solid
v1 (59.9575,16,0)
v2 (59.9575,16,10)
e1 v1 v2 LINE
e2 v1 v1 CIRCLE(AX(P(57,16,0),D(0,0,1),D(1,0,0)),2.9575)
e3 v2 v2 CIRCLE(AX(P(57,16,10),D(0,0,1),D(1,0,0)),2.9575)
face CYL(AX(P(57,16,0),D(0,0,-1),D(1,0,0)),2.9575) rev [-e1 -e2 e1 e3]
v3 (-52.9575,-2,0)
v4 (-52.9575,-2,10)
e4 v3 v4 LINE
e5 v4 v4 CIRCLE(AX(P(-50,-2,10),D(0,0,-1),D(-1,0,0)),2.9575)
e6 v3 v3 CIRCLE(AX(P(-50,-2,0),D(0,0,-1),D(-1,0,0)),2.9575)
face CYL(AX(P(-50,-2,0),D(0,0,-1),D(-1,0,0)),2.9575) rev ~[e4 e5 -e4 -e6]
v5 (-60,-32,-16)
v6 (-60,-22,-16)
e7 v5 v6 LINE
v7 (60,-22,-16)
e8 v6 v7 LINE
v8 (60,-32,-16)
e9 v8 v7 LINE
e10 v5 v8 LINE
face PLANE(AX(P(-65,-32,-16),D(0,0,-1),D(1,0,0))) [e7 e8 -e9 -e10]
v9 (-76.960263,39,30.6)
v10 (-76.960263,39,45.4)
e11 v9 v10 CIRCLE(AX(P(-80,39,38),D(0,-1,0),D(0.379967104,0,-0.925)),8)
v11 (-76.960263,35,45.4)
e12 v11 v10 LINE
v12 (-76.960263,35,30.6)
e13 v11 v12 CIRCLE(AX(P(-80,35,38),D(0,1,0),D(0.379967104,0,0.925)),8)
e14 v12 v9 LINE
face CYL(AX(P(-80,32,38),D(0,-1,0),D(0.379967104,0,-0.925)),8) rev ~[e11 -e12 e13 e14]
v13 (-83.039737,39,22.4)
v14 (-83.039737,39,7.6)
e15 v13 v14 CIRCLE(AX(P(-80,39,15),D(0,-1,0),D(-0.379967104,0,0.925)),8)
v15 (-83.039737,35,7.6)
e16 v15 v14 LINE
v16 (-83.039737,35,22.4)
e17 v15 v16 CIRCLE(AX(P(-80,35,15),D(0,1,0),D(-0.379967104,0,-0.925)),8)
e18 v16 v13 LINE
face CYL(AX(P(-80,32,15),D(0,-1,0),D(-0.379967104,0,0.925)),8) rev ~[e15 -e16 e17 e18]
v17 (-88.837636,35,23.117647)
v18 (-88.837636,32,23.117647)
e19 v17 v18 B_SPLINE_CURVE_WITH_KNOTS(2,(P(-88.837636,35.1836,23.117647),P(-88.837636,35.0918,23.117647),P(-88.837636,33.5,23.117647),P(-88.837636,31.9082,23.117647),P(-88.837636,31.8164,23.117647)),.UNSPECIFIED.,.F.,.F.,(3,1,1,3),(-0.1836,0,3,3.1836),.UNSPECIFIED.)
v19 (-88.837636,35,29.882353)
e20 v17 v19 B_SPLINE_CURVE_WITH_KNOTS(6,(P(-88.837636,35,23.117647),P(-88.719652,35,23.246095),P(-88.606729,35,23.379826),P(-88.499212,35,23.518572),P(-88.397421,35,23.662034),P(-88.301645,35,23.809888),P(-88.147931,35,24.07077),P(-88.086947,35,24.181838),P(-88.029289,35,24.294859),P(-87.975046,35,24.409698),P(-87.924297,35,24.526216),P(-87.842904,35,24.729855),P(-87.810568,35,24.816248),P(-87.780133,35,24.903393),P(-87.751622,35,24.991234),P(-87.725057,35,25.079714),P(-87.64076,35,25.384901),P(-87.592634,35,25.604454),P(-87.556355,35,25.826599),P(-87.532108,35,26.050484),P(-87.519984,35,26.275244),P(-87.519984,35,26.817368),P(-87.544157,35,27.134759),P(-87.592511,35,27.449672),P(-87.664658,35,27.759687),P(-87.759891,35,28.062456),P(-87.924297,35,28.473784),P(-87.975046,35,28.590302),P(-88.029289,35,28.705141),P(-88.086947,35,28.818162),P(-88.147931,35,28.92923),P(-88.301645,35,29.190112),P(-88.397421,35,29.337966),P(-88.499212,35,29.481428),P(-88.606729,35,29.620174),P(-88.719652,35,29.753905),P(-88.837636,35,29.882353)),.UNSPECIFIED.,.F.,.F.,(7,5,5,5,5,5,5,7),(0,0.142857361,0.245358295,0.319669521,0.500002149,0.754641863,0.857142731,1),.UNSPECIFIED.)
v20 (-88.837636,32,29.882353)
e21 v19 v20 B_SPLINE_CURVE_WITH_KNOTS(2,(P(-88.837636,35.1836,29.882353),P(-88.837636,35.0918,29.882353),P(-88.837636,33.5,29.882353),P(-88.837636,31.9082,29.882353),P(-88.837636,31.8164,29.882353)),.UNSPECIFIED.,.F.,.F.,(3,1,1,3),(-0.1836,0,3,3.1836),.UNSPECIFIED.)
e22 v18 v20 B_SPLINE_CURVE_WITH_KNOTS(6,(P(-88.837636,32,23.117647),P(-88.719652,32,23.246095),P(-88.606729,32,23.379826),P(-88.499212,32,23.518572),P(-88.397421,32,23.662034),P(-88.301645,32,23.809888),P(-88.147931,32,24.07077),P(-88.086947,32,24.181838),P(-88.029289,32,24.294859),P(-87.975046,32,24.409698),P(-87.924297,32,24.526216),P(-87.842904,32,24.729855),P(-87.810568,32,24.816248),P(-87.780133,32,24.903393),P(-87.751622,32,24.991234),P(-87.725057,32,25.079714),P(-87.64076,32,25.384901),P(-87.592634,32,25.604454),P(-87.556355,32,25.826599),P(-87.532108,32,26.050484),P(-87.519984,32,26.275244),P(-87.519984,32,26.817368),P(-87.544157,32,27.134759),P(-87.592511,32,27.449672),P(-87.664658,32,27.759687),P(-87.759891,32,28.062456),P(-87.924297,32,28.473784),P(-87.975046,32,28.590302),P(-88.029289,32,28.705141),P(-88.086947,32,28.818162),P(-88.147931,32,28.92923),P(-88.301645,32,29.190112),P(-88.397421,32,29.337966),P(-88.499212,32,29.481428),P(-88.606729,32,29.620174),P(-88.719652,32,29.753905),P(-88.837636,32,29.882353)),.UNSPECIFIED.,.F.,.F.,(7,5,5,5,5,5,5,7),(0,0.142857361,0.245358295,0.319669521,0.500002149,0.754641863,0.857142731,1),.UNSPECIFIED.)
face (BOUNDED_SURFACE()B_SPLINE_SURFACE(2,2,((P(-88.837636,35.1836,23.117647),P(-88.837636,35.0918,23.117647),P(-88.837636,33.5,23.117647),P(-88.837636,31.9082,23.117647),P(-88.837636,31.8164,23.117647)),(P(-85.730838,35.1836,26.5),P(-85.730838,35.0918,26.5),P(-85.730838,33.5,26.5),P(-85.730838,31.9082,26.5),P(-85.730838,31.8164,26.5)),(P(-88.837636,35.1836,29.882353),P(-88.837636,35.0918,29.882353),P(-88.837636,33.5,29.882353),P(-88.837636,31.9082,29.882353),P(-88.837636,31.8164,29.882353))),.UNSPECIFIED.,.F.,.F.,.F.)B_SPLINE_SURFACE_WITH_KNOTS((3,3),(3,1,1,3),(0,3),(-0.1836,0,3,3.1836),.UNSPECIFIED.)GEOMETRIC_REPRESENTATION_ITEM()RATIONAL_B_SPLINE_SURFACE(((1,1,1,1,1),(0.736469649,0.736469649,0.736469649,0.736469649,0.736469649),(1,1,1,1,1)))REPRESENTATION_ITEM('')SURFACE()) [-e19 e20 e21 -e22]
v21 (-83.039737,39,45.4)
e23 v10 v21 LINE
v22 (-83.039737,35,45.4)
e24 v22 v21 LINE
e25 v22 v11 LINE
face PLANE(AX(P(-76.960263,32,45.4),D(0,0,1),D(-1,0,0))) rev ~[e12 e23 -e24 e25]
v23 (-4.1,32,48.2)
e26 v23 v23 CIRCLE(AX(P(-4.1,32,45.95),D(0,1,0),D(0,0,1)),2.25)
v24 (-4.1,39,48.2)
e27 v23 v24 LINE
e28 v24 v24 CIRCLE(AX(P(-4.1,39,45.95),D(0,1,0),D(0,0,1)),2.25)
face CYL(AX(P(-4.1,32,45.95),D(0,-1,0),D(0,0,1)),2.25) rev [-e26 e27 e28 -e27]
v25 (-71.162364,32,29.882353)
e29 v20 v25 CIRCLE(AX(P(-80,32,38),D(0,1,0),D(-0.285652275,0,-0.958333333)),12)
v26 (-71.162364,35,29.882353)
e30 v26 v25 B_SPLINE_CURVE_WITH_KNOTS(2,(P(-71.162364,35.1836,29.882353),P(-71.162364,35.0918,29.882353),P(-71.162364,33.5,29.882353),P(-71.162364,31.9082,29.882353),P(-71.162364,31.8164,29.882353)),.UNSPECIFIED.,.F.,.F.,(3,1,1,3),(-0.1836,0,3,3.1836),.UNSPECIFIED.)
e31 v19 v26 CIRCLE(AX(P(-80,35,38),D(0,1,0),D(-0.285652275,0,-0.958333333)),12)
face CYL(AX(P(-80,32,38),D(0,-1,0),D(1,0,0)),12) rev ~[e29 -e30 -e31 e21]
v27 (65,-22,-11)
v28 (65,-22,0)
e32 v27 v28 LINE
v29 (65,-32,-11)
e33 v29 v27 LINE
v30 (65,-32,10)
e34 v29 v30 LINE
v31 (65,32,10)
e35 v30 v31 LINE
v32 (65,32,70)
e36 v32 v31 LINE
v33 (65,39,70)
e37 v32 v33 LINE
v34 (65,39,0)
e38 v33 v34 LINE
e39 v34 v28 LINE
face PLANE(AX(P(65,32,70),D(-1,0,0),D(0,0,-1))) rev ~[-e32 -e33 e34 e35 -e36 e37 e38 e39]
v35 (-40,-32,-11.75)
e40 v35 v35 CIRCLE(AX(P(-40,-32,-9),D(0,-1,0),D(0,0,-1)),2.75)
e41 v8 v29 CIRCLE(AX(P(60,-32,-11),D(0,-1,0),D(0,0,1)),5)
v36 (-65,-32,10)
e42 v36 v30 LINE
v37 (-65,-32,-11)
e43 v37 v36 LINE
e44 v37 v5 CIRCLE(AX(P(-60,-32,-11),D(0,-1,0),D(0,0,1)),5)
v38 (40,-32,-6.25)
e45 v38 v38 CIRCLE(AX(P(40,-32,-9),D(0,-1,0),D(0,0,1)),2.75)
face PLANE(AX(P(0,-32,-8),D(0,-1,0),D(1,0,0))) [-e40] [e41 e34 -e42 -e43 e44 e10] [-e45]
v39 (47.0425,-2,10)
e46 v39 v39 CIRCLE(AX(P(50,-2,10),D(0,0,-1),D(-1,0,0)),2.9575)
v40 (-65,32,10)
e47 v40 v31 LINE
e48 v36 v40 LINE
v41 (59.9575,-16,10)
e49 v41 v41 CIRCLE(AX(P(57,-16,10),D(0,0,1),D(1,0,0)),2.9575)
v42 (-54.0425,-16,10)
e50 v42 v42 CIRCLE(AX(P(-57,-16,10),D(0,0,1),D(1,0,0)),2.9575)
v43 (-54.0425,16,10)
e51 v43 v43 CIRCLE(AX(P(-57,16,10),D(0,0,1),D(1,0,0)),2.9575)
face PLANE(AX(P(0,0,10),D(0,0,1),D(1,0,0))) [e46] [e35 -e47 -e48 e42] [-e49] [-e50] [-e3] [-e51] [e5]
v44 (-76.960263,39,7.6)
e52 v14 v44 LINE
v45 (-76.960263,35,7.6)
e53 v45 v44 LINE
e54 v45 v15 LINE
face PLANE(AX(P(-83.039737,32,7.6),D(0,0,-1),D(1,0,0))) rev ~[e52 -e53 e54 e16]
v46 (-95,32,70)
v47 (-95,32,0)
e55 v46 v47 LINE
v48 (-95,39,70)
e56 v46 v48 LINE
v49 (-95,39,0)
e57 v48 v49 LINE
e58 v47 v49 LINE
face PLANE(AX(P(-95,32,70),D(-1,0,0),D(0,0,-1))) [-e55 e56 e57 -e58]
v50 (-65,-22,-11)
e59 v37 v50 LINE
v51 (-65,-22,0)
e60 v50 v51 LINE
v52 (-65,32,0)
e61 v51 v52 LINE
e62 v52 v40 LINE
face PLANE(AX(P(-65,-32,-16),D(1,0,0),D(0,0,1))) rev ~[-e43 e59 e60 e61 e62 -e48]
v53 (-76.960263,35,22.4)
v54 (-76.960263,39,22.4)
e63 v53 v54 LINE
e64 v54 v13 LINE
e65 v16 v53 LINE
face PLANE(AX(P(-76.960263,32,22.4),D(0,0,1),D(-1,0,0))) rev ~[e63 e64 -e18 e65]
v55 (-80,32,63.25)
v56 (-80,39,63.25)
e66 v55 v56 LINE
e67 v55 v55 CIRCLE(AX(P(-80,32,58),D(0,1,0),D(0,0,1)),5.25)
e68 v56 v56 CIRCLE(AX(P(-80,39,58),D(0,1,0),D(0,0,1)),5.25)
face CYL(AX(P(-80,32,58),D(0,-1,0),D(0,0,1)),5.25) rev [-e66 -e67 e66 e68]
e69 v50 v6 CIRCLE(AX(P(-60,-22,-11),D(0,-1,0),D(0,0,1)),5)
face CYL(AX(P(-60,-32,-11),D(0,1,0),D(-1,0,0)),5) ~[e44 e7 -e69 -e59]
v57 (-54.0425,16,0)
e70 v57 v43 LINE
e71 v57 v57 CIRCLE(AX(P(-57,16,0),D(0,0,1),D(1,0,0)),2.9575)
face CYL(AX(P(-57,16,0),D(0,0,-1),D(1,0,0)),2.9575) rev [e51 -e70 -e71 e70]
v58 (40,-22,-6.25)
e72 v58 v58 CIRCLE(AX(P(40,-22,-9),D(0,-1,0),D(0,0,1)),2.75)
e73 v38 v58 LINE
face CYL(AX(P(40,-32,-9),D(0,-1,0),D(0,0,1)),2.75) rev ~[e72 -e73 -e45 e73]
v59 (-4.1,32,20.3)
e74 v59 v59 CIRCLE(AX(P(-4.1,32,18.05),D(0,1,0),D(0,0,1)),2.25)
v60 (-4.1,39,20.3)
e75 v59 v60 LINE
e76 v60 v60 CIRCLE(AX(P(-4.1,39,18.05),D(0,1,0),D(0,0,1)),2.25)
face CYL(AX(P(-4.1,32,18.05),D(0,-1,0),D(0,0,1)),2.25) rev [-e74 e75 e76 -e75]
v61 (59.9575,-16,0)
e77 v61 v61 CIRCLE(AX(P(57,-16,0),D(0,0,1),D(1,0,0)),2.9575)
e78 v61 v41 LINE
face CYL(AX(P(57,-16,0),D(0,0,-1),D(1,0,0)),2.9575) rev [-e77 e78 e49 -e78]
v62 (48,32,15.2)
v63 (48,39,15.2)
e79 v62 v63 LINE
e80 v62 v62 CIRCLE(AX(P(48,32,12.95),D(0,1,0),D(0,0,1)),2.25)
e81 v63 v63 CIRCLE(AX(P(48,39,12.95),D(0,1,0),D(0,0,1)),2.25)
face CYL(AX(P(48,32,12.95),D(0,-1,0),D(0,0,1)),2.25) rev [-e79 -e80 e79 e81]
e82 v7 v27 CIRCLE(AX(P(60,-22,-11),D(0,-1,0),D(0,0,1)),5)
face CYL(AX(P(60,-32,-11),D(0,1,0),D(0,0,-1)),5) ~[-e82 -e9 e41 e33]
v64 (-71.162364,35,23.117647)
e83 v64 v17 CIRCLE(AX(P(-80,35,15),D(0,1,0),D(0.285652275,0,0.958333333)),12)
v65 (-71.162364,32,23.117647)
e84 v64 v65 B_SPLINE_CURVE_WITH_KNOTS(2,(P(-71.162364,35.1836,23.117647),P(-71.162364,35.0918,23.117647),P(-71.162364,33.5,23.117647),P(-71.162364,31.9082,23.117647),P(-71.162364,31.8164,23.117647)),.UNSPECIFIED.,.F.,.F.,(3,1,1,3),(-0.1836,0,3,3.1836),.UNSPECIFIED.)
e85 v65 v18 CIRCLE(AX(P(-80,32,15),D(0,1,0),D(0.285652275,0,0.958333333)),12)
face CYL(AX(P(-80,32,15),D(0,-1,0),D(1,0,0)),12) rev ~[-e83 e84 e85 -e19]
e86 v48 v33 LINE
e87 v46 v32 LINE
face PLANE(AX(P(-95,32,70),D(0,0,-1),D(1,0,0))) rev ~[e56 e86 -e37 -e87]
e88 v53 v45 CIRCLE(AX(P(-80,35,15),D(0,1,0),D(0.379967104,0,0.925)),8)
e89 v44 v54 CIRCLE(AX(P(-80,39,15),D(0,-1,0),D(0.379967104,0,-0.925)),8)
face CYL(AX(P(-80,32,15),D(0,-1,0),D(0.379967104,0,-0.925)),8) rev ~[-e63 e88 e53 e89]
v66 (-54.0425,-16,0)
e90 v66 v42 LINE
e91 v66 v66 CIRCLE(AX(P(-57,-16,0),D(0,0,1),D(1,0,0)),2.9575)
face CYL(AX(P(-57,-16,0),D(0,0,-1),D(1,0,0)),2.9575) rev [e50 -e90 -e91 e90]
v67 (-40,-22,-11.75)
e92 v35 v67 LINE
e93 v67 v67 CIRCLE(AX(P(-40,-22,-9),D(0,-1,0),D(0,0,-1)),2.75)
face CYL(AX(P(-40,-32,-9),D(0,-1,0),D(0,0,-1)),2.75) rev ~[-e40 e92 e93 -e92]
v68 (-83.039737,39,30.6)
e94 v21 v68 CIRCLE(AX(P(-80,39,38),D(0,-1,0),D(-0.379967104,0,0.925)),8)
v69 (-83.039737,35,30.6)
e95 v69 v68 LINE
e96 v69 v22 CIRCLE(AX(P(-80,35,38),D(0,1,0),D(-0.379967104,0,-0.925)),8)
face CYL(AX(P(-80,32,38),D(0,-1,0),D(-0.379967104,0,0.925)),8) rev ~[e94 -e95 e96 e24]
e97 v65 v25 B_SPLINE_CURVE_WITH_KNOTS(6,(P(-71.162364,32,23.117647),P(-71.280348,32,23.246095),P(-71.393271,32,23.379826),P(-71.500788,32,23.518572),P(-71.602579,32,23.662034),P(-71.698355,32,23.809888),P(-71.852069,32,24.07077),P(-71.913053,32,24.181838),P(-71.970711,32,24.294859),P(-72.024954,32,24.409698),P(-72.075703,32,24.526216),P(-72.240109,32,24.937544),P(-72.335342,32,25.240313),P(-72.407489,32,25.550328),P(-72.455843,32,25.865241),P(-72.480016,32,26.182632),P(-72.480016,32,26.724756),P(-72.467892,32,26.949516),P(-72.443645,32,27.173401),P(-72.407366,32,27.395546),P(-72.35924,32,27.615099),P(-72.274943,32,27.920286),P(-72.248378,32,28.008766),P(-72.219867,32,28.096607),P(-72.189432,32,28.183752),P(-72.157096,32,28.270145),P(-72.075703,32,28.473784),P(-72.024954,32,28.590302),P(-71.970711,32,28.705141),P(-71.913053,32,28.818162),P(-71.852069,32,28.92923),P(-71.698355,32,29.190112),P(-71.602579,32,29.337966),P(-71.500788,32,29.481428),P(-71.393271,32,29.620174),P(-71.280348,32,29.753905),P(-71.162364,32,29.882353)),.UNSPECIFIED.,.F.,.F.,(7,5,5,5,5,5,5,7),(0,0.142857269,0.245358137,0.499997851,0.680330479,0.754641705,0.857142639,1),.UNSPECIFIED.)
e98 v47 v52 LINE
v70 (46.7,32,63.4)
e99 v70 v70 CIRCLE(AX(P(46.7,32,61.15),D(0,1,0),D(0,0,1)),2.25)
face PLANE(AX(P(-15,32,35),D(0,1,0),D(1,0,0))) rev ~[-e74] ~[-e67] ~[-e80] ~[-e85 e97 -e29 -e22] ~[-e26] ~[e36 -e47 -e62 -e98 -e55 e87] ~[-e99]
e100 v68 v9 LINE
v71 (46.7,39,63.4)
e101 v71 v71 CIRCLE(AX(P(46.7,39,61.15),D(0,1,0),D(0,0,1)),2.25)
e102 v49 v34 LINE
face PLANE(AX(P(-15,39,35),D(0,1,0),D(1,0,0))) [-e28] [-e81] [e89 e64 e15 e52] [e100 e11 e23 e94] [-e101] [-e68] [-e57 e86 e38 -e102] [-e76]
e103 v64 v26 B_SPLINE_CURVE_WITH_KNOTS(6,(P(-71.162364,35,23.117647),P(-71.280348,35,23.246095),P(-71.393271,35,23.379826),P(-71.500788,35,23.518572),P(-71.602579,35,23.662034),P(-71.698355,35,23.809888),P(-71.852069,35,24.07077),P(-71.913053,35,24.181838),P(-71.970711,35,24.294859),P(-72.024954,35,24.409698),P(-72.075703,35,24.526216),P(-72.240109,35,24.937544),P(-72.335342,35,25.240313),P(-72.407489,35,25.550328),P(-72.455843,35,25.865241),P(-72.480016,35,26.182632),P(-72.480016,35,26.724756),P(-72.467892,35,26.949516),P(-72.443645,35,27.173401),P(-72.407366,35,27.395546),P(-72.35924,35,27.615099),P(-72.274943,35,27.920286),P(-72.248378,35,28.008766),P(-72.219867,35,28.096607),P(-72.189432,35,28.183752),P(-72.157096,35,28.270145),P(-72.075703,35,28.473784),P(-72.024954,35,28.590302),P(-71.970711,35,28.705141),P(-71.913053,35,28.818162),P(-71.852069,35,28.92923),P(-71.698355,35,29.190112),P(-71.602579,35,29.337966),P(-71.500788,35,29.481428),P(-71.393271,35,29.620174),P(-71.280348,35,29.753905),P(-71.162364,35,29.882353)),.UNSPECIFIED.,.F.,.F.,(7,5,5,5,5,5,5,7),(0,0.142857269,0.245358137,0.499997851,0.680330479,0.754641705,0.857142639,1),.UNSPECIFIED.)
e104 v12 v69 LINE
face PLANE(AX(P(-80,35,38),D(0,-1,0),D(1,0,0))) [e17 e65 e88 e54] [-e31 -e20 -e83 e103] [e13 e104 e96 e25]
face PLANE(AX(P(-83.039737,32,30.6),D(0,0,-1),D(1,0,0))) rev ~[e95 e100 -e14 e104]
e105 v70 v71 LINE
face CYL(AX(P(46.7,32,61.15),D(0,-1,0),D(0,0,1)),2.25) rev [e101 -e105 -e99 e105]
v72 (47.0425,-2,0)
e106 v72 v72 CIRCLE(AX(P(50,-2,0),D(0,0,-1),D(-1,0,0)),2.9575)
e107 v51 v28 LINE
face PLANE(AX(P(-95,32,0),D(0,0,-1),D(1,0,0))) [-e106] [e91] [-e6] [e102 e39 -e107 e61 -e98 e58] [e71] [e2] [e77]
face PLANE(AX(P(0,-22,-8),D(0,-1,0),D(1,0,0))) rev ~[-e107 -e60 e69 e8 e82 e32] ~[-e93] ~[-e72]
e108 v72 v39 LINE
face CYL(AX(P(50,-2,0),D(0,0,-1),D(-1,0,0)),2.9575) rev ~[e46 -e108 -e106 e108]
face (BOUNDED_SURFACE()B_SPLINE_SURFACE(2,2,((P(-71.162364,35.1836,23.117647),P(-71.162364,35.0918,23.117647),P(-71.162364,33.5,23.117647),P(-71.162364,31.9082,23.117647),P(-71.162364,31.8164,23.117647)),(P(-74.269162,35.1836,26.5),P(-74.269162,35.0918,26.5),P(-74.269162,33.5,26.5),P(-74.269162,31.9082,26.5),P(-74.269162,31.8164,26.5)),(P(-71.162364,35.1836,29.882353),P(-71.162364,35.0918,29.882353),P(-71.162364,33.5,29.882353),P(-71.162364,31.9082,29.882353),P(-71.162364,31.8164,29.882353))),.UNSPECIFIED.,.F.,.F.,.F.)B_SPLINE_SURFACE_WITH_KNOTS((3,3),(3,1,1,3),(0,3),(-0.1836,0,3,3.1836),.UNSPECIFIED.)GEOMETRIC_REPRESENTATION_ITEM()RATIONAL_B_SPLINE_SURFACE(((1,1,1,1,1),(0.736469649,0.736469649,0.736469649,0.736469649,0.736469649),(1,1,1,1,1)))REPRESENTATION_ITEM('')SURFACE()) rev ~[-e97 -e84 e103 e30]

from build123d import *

# Parameters (mm, degrees)
SKETCH1_W           = 130
SKETCH1_H           = 64
SKETCH1_R           = 2.9575
BOSS_EXTRUDE1_DEPTH = 10
SKETCH2_W           = 130
SKETCH2_H           = 16
SKETCH2_R           = 2.75
BOSS_EXTRUDE2_DEPTH = 10
SKETCH3_W           = 160
SKETCH3_H           = 70
SKETCH3_R           = 2.25
SKETCH3_R_2         = 5.25
BOSS_EXTRUDE3_DEPTH = 7
SKETCH4_R           = 12
CUT_EXTRUDE1_DEPTH  = 3
FILLET1_R           = 5
CUT_EXTRUDE2_REACH  = 126.282
SKETCH5_R           = 2.9575
FILLET2_R           = 5
FILLET3_R           = 5


with BuildPart() as part:
    # Sketch1 → Boss-Extrude1 (new body)
    with BuildSketch(Plane.XY):
        Rectangle(SKETCH1_W, SKETCH1_H)
        with Locations((57, 16)):
            Circle(SKETCH1_R, mode=Mode.SUBTRACT)
        with Locations((57, -16)):
            Circle(SKETCH1_R, mode=Mode.SUBTRACT)
        with Locations((-57, -16)):
            Circle(SKETCH1_R, mode=Mode.SUBTRACT)
        with Locations((-57, 16)):
            Circle(SKETCH1_R, mode=Mode.SUBTRACT)
    extrude(amount=BOSS_EXTRUDE1_DEPTH)

    # Sketch2 → Boss-Extrude2 (add)
    with BuildSketch(Plane.XZ.offset(32)):
        with Locations((0, -8)):
            Rectangle(SKETCH2_W, SKETCH2_H)
        with Locations(Location((-40, -9, 0), (0, 0, 270))):
            Circle(SKETCH2_R, mode=Mode.SUBTRACT)
        with Locations(Location((40, -9, 0), (0, 0, 90))):
            Circle(SKETCH2_R, mode=Mode.SUBTRACT)
    extrude(amount=-BOSS_EXTRUDE2_DEPTH)

    # Sketch3 → Boss-Extrude3 (add)
    with BuildSketch(Plane(origin=(0, 32, 0), x_dir=(1, 0, 0), z_dir=(0, 1, 0))):
        with Locations((-15, -35)):
            Rectangle(SKETCH3_W, SKETCH3_H)
        with Locations(Location((48, -12.95, 0), (0, 0, 270))):
            Circle(SKETCH3_R, mode=Mode.SUBTRACT)
        with Locations(Location((-4.1, -18.05, 0), (0, 0, 270))):
            Circle(SKETCH3_R, mode=Mode.SUBTRACT)
        with Locations(Location((-4.1, -45.95, 0), (0, 0, 270))):
            Circle(SKETCH3_R, mode=Mode.SUBTRACT)
        with Locations(Location((46.7, -61.15, 0), (0, 0, 270))):
            Circle(SKETCH3_R, mode=Mode.SUBTRACT)
        with Locations(Location((-80, -58, 0), (0, 0, 270))):
            Circle(SKETCH3_R_2, mode=Mode.SUBTRACT)
        with BuildLine():
            Line((-83.039736831, -30.6), (-76.960263169, -30.6))
            ThreePointArc((-76.960263169, -30.6), (-72, -38), (-76.960263169, -45.4))
            Line((-76.960263169, -45.4), (-83.039736831, -45.4))
            ThreePointArc((-83.039736831, -45.4), (-88, -38), (-83.039736831, -30.6))
        make_face(mode=Mode.SUBTRACT)
        with BuildLine():
            Line((-83.039736831, -7.6), (-76.960263169, -7.6))
            ThreePointArc((-76.960263169, -7.6), (-72, -15), (-76.960263169, -22.4))
            Line((-76.960263169, -22.4), (-83.039736831, -22.4))
            ThreePointArc((-83.039736831, -22.4), (-88, -15), (-83.039736831, -7.6))
        make_face(mode=Mode.SUBTRACT)
    extrude(amount=BOSS_EXTRUDE3_DEPTH)

    # Sketch4 → Cut-Extrude1 (cut)
    # profile 1 of 6: a face of its own
    with BuildSketch(Plane.XZ.offset(-32)):
        with Locations((-80, 38)):
            Circle(SKETCH4_R)
    # profile 2 of 6: a face of its own
    with BuildSketch(Plane.XZ.offset(-32)):
        with Locations((-80, 15)):
            Circle(SKETCH4_R)
        with BuildLine():
            Line((-76.960263169, 7.6), (-83.039736831, 7.6))
            ThreePointArc((-83.039736831, 7.6), (-88, 15), (-83.039736831, 22.4))
            Line((-83.039736831, 22.4), (-76.960263169, 22.4))
            ThreePointArc((-76.960263169, 22.4), (-72, 15), (-76.960263169, 7.6))
        make_face(mode=Mode.SUBTRACT)
    # profile 3 of 6: a face of its own
    with BuildSketch(Plane.XZ.offset(-32)):
        with Locations((-80, 15)):
            Circle(SKETCH4_R)
    # profile 4 of 6: a face of its own
    with BuildSketch(Plane.XZ.offset(-32)):
        with Locations((-80, 38)):
            Circle(SKETCH4_R)
        with BuildLine():
            Line((-76.960263169, 30.6), (-83.039736831, 30.6))
            ThreePointArc((-83.039736831, 30.6), (-88, 38), (-83.039736831, 45.4))
            Line((-83.039736831, 45.4), (-76.960263169, 45.4))
            ThreePointArc((-76.960263169, 45.4), (-72, 38), (-76.960263169, 30.6))
        make_face(mode=Mode.SUBTRACT)
    # profile 5 of 6: a face of its own
    with BuildSketch(Plane.XZ.offset(-32)):
        with Locations((-80, 38)):
            Circle(SKETCH4_R)
    # profile 6 of 6: a face of its own
    with BuildSketch(Plane.XZ.offset(-32)):
        with Locations((-80, 15)):
            Circle(SKETCH4_R)
    extrude(amount=-CUT_EXTRUDE1_DEPTH, mode=Mode.SUBTRACT)

    # Fillet1
    fillet1_edges = [part.edges().sort_by_distance(p)[0] for p in [
        (-83.4278273, 33.5, 26.5),
        (-76.5721727, 33.5, 26.5),
    ]]
    fillet(fillet1_edges, radius=FILLET1_R)

    # Sketch5 → Cut-Extrude2 (cut, up to next)
    with BuildSketch(Plane(origin=(0, 0, 0), x_dir=(-1, 0, 0), z_dir=(0, 0, -1)), mode=Mode.PRIVATE) as cut_extrude2_sk1:
        with Locations((-50, -2)):
            Circle(SKETCH5_R)
    cut_extrude2_tool1 = extrude(cut_extrude2_sk1.sketch, amount=-CUT_EXTRUDE2_REACH, mode=Mode.PRIVATE) & part.part
    # Sketch5 → Cut-Extrude2 (cut, up to next)
    with BuildSketch(Plane(origin=(0, 0, 0), x_dir=(-1, 0, 0), z_dir=(0, 0, -1)), mode=Mode.PRIVATE) as cut_extrude2_sk2:
        with Locations((50, -2)):
            Circle(SKETCH5_R)
    cut_extrude2_tool2 = extrude(cut_extrude2_sk2.sketch, amount=-CUT_EXTRUDE2_REACH, mode=Mode.PRIVATE) & part.part
    add(cut_extrude2_tool1.solids().sort_by_distance((50, -2, 0))[0], mode=Mode.SUBTRACT)
    add(cut_extrude2_tool2.solids().sort_by_distance((-50, -2, 0))[0], mode=Mode.SUBTRACT)

    # Fillet2
    fillet2_edges = [part.edges().sort_by_distance(p)[0] for p in [
        (-65, -27, -16),
    ]]
    fillet(fillet2_edges, radius=FILLET2_R)

    # Fillet3
    fillet3_edges = [part.edges().sort_by_distance(p)[0] for p in [
        (65, -27, -16),
    ]]
    fillet(fillet3_edges, radius=FILLET3_R)


solid = part.part
